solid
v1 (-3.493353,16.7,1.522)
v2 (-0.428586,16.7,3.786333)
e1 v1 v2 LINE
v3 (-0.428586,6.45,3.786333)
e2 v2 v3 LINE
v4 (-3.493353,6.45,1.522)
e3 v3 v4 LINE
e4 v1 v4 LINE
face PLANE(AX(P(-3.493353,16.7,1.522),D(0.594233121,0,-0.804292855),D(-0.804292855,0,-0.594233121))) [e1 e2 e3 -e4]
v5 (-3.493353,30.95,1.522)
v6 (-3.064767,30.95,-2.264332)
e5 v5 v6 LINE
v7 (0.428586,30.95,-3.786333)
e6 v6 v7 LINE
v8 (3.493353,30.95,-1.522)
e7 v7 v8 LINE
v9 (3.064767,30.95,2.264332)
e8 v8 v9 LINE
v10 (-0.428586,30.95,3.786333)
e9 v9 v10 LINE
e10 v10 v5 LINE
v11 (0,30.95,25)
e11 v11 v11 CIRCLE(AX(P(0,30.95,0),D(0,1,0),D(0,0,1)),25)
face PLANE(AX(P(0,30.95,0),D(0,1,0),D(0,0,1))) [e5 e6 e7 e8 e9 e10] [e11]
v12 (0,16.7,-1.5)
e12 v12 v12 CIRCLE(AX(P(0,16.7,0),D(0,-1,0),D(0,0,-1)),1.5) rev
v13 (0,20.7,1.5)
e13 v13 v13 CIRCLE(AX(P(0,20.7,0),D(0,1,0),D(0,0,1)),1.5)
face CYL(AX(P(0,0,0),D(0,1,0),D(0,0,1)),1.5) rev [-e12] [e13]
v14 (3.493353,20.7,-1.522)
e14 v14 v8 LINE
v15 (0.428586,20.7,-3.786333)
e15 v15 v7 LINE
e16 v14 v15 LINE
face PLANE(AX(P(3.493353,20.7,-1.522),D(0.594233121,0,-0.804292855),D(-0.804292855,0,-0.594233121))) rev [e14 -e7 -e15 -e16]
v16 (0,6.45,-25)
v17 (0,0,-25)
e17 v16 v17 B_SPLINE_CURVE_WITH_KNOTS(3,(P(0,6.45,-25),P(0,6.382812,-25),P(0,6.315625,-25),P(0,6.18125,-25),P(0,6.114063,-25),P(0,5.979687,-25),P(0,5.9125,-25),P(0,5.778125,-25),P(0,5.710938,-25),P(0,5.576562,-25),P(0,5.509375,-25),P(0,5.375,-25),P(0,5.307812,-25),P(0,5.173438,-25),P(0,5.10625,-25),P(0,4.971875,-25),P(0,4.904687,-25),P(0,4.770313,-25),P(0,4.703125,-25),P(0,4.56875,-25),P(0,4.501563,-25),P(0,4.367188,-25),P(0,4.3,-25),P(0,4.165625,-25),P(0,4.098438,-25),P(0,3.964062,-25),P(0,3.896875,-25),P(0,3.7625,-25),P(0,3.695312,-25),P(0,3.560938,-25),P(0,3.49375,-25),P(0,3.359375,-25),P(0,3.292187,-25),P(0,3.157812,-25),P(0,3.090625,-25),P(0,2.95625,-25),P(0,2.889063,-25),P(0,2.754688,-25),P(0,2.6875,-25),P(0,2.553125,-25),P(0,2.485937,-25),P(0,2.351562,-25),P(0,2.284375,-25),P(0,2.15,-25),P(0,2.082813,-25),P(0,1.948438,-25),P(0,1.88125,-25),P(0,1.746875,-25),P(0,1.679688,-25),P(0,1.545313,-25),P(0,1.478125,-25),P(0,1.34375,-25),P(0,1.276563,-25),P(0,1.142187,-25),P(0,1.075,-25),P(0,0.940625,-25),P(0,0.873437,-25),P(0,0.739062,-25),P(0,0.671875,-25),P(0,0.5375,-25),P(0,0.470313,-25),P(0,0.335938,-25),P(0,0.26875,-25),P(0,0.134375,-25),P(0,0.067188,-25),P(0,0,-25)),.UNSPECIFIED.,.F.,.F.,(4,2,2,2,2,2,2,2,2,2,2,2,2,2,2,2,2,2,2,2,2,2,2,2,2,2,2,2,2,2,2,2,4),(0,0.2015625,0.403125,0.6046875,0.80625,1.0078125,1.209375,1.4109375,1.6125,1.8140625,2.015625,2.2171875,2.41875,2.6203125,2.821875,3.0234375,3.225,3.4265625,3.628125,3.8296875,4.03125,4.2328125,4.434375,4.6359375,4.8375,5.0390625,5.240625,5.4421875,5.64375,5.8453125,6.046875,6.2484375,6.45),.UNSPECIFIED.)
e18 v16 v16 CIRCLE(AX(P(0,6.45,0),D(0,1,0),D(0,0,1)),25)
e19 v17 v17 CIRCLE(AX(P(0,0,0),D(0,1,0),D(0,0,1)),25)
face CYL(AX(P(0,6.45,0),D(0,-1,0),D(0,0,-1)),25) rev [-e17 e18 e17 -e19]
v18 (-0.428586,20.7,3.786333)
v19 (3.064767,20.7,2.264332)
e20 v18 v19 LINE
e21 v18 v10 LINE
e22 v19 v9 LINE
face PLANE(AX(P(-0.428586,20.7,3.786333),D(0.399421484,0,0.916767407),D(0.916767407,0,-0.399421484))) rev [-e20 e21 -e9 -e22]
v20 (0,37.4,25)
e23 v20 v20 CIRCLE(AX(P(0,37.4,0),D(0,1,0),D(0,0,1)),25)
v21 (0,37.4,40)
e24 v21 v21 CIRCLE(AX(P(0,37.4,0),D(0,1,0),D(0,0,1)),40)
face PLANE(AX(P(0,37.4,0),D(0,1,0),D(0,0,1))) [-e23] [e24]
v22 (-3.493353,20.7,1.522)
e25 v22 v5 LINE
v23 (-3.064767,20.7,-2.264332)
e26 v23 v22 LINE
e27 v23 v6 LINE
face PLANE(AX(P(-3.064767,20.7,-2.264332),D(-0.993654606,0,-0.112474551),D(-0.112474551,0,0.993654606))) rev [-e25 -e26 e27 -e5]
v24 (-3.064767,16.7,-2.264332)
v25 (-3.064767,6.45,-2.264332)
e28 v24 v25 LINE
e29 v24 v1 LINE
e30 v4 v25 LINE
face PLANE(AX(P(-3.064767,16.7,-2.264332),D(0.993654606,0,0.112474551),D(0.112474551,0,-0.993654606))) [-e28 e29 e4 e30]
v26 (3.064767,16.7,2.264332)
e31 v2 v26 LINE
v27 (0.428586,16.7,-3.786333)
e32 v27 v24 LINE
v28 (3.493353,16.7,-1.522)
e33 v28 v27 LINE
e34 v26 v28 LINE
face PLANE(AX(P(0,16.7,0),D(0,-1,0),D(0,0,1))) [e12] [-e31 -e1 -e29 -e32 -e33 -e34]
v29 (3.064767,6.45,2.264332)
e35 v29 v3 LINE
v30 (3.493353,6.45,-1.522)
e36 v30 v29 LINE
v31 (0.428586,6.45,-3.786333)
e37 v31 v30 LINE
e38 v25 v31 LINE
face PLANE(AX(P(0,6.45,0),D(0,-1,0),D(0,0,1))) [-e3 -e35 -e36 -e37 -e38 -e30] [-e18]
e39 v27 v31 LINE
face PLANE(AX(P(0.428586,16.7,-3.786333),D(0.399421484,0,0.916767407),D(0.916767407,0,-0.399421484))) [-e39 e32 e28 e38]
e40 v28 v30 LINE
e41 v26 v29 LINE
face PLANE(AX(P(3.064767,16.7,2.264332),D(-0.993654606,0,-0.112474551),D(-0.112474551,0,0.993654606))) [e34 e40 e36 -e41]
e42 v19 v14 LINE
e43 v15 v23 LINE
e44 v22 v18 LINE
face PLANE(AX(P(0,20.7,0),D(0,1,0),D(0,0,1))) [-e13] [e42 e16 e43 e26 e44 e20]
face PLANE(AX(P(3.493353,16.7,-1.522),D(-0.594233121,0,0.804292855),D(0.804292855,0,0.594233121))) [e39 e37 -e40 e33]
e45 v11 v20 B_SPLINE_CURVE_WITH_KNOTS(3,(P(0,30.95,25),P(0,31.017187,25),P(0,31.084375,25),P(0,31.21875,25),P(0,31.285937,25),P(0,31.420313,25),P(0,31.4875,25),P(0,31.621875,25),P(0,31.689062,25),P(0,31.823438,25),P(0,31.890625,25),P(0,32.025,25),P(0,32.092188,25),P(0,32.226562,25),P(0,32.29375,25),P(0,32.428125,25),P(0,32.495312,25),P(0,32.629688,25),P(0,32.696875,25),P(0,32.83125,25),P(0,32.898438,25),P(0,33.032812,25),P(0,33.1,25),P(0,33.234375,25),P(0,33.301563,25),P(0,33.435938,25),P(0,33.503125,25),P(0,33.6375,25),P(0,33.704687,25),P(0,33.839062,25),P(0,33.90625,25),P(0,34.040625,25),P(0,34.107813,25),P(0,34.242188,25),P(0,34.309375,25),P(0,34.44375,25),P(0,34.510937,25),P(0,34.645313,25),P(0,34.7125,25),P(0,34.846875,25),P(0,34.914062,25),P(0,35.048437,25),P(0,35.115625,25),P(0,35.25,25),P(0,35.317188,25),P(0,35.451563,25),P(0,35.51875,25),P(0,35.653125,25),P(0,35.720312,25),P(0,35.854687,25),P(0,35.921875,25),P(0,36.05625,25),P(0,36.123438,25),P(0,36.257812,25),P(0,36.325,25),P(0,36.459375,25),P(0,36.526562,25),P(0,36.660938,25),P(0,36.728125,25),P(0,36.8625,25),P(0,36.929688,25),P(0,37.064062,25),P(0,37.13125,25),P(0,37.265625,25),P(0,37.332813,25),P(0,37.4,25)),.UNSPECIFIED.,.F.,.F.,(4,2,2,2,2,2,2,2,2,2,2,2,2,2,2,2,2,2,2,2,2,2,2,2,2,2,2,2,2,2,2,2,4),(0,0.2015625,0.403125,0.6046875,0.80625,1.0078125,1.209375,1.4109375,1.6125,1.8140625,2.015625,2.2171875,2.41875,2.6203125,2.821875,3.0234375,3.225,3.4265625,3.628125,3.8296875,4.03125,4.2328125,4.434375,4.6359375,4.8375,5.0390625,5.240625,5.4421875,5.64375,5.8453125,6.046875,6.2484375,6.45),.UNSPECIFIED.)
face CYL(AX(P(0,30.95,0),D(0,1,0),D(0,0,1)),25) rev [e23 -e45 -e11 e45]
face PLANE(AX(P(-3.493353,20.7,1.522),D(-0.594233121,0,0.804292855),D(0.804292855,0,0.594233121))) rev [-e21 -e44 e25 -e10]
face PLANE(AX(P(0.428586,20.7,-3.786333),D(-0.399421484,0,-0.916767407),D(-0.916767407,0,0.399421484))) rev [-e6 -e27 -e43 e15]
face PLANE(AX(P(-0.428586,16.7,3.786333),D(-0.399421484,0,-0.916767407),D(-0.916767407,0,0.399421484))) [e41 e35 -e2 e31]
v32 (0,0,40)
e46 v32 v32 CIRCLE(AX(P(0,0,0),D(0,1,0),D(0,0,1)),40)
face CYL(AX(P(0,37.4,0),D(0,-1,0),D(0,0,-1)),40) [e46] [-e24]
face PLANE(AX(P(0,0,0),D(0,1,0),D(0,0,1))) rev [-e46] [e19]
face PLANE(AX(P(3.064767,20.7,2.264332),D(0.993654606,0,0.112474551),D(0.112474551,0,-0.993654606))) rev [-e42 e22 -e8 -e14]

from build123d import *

# Parameters (mm, degrees)
SKETCH_1_R          = 40
EXTRUDE_1_DEPTH     = 37.4
CUT_EXTRUDE_1_DEPTH = 16.7
SKETCH_3_R          = 25
CUT_EXTRUDE_2_DEPTH = 6.45
SKETCH_4_R          = 1.5
CUT_EXTRUDE_3_DEPTH = 61.236948794


with BuildPart() as part:
    # 草图1 → 凸台-拉伸1 (new body)
    with BuildSketch(Plane(origin=(0, 0, 0), x_dir=(1, 0, 0), z_dir=(0, 1, 0))):
        with Locations(Location((0, 0, 0), (0, 0, 270))):
            Circle(SKETCH_1_R)
    extrude(amount=EXTRUDE_1_DEPTH)

    # 草图2 → 切除-拉伸1 (cut)
    with BuildSketch(Plane(origin=(0, 37.4, 0), x_dir=(1, 0, 0), z_dir=(0, 1, 0))):
        Polygon((3.493353, 1.52200027), (0.428585602, 3.786332577), (-3.064767398, 2.264332307), (-3.493353, -1.52200027), (-0.428585602, -3.786332577), (3.064767398, -2.264332307), align=None)
    cut_extrude_1 = extrude(amount=-CUT_EXTRUDE_1_DEPTH, mode=Mode.SUBTRACT)

    # 草图3 → 切除-拉伸2 (cut)
    with BuildSketch(Plane(origin=(0, 37.4, 0), x_dir=(1, 0, 0), z_dir=(0, 1, 0))):
        with Locations(Location((0, 0, 0), (0, 0, 270))):
            Circle(SKETCH_3_R)
    cut_extrude_2 = extrude(amount=-CUT_EXTRUDE_2_DEPTH, mode=Mode.SUBTRACT)

    # 草图4 → 切除-拉伸3 (cut, through all)
    with BuildSketch(Plane(origin=(0, 20.7, 0), x_dir=(1, 0, 0), z_dir=(0, 1, 0))):
        with Locations(Location((0, 0, 0), (0, 0, 270))):
            Circle(SKETCH_4_R)
    extrude(amount=-CUT_EXTRUDE_3_DEPTH, mode=Mode.SUBTRACT)

    # 镜向3: 切除-拉伸1, 切除-拉伸2 across plane
    add(cut_extrude_1.mirror(Plane.ZX.offset(18.7)), mode=Mode.SUBTRACT)
    add(cut_extrude_2.mirror(Plane.ZX.offset(18.7)), mode=Mode.SUBTRACT)


solid = part.part
